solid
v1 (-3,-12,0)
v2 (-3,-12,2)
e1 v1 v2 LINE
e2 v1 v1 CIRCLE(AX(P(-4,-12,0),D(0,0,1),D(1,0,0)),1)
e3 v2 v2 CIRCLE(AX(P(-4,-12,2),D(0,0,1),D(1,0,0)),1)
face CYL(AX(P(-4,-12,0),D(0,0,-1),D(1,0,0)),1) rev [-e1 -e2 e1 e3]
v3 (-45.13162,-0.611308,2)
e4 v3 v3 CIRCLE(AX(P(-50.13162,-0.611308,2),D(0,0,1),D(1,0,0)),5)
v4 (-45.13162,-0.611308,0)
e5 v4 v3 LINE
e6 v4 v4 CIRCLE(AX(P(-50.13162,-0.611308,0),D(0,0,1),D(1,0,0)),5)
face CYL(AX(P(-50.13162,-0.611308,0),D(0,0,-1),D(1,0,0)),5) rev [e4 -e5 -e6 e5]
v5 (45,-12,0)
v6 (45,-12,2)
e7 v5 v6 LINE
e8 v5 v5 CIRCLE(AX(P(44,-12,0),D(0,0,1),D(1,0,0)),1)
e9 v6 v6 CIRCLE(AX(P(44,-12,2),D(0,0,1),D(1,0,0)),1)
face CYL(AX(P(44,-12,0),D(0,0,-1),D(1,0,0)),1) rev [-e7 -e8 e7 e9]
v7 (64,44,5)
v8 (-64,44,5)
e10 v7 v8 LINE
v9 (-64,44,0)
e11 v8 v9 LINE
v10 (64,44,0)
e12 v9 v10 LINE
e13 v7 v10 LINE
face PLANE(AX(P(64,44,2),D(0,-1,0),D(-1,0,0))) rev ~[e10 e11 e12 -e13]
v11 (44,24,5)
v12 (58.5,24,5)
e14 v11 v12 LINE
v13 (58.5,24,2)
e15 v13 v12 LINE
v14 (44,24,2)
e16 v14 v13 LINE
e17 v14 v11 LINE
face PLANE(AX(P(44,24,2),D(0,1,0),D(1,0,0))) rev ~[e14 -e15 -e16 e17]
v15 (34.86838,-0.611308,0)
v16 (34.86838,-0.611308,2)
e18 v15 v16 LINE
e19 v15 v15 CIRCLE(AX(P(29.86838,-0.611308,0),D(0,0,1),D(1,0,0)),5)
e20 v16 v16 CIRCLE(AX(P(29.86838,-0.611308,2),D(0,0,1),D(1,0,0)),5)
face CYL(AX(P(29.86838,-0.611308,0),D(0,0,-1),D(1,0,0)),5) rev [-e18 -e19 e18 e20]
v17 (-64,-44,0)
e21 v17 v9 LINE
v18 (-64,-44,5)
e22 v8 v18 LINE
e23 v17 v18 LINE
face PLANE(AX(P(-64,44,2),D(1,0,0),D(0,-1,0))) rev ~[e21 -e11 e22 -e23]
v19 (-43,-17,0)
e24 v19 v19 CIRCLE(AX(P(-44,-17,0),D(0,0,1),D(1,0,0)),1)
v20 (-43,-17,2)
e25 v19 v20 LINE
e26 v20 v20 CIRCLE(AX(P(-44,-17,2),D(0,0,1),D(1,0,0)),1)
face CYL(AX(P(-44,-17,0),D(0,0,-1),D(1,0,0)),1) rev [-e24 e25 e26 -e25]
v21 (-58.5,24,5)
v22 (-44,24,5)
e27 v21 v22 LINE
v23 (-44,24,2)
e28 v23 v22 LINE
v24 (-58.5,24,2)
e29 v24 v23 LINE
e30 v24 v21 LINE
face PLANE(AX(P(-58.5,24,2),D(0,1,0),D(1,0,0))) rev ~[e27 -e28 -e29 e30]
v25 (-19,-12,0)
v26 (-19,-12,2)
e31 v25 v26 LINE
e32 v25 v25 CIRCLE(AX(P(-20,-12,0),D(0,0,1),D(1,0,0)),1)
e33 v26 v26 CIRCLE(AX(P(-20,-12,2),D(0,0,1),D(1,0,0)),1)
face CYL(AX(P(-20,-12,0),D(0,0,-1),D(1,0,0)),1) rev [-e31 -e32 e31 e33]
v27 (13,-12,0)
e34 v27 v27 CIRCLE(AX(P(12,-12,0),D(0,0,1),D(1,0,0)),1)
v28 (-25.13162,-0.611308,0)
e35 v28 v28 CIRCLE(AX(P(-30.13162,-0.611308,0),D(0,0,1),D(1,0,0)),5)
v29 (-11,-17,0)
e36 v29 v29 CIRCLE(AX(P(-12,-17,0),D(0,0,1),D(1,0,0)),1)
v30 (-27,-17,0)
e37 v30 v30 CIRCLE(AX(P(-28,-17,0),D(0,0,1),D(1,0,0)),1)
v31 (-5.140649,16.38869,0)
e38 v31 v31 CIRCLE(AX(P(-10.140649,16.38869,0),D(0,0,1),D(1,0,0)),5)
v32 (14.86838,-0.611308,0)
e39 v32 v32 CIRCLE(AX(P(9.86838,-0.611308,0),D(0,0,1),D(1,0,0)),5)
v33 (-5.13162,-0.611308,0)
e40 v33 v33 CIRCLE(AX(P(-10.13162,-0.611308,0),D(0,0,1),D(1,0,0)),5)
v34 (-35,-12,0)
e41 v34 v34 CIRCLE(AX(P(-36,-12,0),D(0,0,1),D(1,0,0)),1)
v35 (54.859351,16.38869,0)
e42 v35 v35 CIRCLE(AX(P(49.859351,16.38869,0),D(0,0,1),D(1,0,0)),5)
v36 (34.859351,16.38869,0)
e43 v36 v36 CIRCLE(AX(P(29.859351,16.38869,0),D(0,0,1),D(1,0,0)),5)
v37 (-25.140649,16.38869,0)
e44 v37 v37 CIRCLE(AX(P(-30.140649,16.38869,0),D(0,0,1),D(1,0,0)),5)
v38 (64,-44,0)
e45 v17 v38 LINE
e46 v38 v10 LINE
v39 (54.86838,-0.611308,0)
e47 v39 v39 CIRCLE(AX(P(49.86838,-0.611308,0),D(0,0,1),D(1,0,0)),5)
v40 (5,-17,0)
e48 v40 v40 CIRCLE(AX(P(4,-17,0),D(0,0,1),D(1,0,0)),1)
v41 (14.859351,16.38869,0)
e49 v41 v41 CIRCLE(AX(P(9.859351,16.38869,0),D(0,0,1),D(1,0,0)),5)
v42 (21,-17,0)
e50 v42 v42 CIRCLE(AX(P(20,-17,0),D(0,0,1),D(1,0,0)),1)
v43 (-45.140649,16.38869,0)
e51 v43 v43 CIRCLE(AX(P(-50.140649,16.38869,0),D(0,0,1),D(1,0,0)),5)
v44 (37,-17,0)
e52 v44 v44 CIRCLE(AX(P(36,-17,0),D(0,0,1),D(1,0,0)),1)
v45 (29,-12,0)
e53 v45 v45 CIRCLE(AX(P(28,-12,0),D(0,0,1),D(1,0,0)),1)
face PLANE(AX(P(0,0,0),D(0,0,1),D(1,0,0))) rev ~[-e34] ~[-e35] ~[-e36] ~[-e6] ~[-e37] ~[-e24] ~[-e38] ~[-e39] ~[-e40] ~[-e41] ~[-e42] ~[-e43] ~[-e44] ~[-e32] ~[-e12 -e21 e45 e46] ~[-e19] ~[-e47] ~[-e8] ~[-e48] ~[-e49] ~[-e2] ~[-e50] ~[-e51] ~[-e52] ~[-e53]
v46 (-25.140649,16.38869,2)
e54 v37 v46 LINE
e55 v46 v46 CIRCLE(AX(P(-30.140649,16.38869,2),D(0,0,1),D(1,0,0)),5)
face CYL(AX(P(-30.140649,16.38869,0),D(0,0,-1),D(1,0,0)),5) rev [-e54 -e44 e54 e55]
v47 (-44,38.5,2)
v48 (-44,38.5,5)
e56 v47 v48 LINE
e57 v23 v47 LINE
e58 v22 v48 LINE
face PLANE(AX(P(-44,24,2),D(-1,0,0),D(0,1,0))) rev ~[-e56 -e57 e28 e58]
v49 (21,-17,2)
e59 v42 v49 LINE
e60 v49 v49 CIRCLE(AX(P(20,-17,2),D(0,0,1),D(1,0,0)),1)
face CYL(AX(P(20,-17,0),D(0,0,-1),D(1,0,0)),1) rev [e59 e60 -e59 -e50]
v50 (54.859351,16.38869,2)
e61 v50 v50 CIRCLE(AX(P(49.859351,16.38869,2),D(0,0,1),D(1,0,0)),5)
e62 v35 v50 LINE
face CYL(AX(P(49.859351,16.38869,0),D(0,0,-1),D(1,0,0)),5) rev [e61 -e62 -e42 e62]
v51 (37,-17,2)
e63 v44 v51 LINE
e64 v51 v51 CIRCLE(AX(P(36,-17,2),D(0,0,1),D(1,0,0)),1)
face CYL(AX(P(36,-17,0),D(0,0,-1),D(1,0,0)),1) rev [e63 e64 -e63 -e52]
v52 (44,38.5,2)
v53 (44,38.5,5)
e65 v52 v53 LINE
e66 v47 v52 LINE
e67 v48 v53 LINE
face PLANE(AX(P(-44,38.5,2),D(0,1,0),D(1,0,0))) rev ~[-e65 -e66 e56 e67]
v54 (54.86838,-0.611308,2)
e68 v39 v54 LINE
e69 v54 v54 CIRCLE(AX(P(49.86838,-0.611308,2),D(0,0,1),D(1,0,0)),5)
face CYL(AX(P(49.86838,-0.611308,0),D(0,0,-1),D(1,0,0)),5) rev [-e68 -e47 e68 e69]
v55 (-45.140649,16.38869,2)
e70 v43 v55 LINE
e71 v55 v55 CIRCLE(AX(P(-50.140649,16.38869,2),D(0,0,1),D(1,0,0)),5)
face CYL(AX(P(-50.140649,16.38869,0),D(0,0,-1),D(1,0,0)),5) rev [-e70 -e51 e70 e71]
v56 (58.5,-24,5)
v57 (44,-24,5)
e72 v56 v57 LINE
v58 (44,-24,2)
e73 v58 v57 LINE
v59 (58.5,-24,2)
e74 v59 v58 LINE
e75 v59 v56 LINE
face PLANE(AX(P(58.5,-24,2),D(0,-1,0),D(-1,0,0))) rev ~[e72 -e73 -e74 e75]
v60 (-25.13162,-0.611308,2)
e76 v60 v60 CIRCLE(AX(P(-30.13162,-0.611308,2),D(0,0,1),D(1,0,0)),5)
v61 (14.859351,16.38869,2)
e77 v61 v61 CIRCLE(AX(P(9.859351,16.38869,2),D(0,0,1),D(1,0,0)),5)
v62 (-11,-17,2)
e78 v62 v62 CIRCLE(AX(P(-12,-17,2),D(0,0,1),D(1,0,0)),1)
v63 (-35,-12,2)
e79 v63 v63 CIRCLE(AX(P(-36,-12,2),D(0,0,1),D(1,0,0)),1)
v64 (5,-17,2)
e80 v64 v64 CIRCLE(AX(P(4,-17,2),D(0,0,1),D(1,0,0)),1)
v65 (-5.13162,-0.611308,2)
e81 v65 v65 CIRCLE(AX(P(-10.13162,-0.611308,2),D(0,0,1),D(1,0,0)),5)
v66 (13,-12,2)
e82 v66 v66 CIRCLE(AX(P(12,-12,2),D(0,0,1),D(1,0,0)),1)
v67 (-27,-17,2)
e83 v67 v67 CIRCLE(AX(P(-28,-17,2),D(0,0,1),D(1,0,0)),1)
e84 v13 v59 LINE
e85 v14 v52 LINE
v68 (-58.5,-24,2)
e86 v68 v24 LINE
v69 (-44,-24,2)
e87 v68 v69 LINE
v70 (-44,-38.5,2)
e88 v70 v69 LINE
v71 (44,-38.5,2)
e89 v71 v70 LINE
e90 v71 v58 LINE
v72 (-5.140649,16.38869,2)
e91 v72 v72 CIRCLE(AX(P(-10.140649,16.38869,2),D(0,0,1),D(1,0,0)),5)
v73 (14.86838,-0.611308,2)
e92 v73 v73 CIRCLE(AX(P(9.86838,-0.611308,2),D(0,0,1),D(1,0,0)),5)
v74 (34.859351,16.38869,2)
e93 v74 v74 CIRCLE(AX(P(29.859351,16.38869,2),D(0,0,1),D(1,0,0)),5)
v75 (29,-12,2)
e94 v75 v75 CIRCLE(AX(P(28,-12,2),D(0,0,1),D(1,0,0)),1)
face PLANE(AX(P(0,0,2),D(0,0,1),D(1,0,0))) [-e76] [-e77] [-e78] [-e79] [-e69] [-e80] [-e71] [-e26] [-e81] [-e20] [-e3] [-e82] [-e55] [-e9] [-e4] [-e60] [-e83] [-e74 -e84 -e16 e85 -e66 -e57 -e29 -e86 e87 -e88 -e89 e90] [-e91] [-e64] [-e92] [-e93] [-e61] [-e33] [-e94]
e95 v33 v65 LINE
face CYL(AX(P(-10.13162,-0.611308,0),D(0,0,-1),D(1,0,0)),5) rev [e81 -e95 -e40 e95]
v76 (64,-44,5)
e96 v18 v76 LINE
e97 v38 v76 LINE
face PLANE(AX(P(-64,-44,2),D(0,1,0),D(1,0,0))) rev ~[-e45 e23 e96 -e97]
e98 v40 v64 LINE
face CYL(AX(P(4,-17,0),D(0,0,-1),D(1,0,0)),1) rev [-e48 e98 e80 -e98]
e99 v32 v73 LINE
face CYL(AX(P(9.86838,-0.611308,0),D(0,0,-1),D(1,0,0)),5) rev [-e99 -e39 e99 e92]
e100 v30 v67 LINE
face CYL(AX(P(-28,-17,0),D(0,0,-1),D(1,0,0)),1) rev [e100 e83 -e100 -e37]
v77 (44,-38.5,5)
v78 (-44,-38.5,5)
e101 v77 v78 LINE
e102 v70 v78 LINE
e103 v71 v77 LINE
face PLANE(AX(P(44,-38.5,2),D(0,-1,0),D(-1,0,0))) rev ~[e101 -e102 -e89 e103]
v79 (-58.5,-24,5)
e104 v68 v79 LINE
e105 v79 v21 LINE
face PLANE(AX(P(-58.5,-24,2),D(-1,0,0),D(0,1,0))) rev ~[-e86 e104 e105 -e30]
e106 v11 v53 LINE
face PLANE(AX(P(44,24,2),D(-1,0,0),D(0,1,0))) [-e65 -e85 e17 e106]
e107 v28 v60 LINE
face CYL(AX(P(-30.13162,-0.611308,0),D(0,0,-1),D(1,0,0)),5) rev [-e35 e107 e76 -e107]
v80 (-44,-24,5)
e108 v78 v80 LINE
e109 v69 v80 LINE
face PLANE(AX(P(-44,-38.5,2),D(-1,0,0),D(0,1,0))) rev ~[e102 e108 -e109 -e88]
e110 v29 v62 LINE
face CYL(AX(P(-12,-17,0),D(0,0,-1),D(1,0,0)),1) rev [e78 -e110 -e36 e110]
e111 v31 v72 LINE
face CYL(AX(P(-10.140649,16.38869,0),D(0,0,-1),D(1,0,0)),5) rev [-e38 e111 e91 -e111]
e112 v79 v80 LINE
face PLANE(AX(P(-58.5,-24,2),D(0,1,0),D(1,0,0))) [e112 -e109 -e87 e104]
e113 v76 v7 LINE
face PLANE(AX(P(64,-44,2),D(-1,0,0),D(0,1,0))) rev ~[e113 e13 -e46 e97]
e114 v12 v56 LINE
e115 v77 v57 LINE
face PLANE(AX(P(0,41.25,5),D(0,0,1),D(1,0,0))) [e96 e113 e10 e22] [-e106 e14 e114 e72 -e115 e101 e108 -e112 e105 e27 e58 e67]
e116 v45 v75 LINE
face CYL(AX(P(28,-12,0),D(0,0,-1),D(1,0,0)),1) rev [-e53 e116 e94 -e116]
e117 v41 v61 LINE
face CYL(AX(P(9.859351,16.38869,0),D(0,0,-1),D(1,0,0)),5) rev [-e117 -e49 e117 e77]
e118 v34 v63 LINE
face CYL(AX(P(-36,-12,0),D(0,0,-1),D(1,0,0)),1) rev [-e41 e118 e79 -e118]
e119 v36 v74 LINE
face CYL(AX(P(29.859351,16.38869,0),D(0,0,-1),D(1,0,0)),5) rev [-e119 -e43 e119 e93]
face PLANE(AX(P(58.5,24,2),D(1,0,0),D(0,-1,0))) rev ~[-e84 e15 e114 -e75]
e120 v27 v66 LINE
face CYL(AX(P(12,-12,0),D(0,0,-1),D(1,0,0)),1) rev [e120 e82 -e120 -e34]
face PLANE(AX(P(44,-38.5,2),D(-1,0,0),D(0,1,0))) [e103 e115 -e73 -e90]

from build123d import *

# Parameters (mm, degrees)
F0_W     = 128
F0_H     = 88
F0_R     = 1
F0_R_2   = 5
F1_DEPTH = 2
F2_W     = 88
F2_H     = 5.5
F2_W_2   = 14.5
F2_H_2   = 14.5
F2_W_3   = 5.5
F2_H_3   = 48
F3_DEPTH = 3


with BuildPart() as f1:
    # F0 (on Top) → F1 (new body)
    with BuildSketch(Plane.XY):
        Rectangle(F0_W, F0_H)
        with Locations((-44, -17)):
            Circle(F0_R, mode=Mode.SUBTRACT)
        with Locations((-36, -12)):
            Circle(F0_R, mode=Mode.SUBTRACT)
        with Locations((-50.13162, -0.611308)):
            Circle(F0_R_2, mode=Mode.SUBTRACT)
        with Locations((-28, -17)):
            Circle(F0_R, mode=Mode.SUBTRACT)
        with Locations((-20, -12)):
            Circle(F0_R, mode=Mode.SUBTRACT)
        with Locations((-12, -17)):
            Circle(F0_R, mode=Mode.SUBTRACT)
        with Locations((-4, -12)):
            Circle(F0_R, mode=Mode.SUBTRACT)
        with Locations((-30.13162, -0.611308)):
            Circle(F0_R_2, mode=Mode.SUBTRACT)
        with Locations((-10.13162, -0.611308)):
            Circle(F0_R_2, mode=Mode.SUBTRACT)
        with Locations((4, -17)):
            Circle(F0_R, mode=Mode.SUBTRACT)
        with Locations((12, -12)):
            Circle(F0_R, mode=Mode.SUBTRACT)
        with Locations((20, -17)):
            Circle(F0_R, mode=Mode.SUBTRACT)
        with Locations((28, -12)):
            Circle(F0_R, mode=Mode.SUBTRACT)
        with Locations((9.86838, -0.611308)):
            Circle(F0_R_2, mode=Mode.SUBTRACT)
        with Locations((29.86838, -0.611308)):
            Circle(F0_R_2, mode=Mode.SUBTRACT)
        with Locations((36, -17)):
            Circle(F0_R, mode=Mode.SUBTRACT)
        with Locations((44, -12)):
            Circle(F0_R, mode=Mode.SUBTRACT)
        with Locations((49.86838, -0.611308)):
            Circle(F0_R_2, mode=Mode.SUBTRACT)
        with Locations((-50.140649, 16.38869)):
            Circle(F0_R_2, mode=Mode.SUBTRACT)
        with Locations((-30.140649, 16.38869)):
            Circle(F0_R_2, mode=Mode.SUBTRACT)
        with Locations((-10.140649, 16.38869)):
            Circle(F0_R_2, mode=Mode.SUBTRACT)
        with Locations((9.859351, 16.38869)):
            Circle(F0_R_2, mode=Mode.SUBTRACT)
        with Locations((29.859351, 16.38869)):
            Circle(F0_R_2, mode=Mode.SUBTRACT)
        with Locations((49.859351, 16.38869)):
            Circle(F0_R_2, mode=Mode.SUBTRACT)
    extrude(amount=F1_DEPTH)

    # F2 (on face) → F3 (join)
    with BuildSketch(Plane.XY.offset(2)):
        with Locations((0, 41.25)):
            Rectangle(F2_W, F2_H)
        Polygon((-44, 38.5), (-44, 44), (-64, 44), (-64, 24), (-58.5, 24), (-58.5, 38.5), align=None)
        with Locations((-51.25, 31.25)):
            Rectangle(F2_W_2, F2_H_2)
        with Locations((-61.25, 0)):
            Rectangle(F2_W_3, F2_H_3)
        Polygon((-58.5, -24), (-64, -24), (-64, -44), (-44, -44), (-44, -38.5), (-58.5, -38.5), align=None)
        with Locations((-51.25, -31.25)):
            Rectangle(F2_W_2, F2_H_2)
        with Locations((0, -41.25)):
            Rectangle(F2_W, F2_H)
        Polygon((64, -44), (64, -24), (58.5, -24), (58.5, -38.5), (44, -38.5), (44, -44), align=None)
        with Locations((51.25, -31.25)):
            Rectangle(F2_W_2, F2_H_2)
        with Locations((61.25, 0)):
            Rectangle(F2_W_3, F2_H_3)
        Polygon((64, 44), (44, 44), (44, 38.5), (58.5, 38.5), (58.5, 24), (64, 24), align=None)
        with Locations((51.25, 31.25)):
            Rectangle(F2_W_2, F2_H_2)
    extrude(amount=F3_DEPTH)


solid = f1.part
